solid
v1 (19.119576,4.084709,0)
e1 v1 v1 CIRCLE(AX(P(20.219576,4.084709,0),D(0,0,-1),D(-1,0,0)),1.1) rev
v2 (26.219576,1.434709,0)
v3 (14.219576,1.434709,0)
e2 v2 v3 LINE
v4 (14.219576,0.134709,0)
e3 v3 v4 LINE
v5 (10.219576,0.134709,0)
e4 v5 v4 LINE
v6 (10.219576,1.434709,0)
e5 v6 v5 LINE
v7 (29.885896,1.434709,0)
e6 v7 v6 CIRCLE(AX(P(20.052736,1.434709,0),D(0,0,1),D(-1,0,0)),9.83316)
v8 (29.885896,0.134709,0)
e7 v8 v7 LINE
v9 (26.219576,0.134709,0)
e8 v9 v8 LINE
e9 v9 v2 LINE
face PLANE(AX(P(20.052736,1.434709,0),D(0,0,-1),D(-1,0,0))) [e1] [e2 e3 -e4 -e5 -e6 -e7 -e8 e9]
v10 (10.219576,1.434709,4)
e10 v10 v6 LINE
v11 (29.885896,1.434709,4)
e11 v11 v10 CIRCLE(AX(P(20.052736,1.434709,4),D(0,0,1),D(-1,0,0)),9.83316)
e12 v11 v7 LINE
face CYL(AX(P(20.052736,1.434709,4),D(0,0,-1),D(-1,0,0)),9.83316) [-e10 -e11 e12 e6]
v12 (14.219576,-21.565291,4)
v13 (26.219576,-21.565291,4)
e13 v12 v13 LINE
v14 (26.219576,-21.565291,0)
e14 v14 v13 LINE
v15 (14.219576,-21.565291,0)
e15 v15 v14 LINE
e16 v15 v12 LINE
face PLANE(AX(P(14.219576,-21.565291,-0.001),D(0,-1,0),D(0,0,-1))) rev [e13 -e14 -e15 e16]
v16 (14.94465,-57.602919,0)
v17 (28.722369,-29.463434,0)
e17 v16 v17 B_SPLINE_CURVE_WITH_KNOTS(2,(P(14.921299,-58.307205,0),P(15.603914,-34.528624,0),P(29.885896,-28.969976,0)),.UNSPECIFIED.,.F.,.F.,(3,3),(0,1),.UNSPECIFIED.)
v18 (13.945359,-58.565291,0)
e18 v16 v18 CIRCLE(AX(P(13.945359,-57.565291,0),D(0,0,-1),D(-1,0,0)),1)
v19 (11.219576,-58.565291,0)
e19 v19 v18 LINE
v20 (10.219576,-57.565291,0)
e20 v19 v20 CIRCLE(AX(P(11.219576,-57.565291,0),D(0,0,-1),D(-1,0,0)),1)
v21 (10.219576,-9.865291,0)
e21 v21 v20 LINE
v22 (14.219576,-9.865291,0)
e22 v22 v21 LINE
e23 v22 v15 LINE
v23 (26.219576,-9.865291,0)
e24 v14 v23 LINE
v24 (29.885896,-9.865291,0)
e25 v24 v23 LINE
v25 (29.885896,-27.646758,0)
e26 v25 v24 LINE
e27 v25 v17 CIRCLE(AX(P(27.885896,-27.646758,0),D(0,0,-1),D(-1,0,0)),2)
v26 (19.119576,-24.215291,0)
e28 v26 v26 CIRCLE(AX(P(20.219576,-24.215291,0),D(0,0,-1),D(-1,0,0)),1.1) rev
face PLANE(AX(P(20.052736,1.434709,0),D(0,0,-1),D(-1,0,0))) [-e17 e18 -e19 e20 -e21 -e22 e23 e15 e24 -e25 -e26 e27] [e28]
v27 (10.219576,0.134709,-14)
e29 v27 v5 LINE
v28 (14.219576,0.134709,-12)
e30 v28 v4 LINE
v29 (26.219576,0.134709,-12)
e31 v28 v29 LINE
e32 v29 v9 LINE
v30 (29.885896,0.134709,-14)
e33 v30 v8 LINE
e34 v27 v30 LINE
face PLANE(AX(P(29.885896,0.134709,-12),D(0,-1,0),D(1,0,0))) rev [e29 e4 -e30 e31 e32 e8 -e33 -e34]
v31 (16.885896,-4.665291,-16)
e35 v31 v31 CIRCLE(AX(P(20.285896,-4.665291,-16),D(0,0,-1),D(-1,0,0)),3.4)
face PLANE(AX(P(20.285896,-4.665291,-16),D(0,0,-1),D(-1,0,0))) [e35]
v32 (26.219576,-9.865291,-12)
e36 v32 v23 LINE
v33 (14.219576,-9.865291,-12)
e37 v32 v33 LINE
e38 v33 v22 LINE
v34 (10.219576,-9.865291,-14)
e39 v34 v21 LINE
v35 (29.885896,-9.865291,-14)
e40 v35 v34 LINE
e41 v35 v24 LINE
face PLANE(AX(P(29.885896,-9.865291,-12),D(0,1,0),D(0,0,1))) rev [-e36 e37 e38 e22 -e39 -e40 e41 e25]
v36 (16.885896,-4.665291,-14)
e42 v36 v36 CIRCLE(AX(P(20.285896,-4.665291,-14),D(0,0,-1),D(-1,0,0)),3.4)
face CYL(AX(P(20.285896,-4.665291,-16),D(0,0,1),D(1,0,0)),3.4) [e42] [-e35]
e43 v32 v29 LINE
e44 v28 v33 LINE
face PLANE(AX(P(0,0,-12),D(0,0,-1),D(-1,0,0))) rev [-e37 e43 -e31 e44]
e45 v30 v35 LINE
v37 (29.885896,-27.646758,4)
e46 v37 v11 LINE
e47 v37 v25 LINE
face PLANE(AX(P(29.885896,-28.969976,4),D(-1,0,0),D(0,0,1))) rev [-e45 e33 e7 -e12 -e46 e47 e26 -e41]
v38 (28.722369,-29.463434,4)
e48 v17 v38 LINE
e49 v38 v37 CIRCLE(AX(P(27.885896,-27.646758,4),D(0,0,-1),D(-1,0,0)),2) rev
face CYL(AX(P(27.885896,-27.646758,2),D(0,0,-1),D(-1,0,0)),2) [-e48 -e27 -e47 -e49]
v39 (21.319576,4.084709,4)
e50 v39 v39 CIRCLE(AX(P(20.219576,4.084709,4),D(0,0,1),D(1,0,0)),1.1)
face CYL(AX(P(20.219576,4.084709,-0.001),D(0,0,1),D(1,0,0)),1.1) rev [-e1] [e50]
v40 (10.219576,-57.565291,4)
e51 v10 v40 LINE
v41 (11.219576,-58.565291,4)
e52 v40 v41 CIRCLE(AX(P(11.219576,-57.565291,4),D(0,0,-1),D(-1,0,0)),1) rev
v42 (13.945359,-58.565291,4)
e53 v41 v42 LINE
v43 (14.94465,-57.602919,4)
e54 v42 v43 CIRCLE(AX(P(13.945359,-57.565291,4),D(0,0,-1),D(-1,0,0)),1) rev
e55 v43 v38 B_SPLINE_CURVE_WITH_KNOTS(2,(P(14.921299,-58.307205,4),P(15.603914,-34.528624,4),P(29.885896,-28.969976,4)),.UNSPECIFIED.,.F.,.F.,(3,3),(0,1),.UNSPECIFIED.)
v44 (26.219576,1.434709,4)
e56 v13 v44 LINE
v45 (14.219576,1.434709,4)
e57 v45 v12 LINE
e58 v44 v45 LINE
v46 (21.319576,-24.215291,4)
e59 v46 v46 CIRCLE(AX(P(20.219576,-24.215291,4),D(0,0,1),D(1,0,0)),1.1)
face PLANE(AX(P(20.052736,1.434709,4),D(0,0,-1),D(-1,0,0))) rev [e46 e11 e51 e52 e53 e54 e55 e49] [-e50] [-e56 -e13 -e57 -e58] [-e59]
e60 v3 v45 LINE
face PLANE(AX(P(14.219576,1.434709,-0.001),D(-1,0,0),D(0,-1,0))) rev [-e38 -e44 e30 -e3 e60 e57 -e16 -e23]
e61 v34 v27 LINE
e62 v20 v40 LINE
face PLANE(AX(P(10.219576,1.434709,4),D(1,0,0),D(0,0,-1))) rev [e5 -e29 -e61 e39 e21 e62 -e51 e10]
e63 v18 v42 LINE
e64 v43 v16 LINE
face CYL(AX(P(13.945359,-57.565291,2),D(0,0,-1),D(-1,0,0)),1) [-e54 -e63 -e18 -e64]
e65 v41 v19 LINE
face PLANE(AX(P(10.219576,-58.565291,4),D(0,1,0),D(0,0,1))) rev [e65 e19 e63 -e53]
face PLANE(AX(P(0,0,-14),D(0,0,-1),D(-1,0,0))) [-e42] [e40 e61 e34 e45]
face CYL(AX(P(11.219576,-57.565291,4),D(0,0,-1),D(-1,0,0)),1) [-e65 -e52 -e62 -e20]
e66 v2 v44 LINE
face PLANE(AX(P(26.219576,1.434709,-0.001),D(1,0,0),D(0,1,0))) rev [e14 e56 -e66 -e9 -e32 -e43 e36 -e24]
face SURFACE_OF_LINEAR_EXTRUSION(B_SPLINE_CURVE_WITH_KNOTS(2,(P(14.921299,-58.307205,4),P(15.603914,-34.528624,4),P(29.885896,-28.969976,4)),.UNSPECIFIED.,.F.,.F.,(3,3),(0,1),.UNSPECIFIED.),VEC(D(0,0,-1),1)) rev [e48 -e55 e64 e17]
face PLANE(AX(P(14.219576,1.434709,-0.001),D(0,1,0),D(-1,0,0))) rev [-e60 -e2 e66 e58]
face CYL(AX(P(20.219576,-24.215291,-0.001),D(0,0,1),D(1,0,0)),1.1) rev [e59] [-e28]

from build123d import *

# Parameters (mm, degrees)
BOSS_EXTRUDE1_DEPTH = 4
CUT_EXTRUDE1_REACH  = 67.872
SKETCH2_R           = 1.1
SKETCH2_W           = 12
SKETCH2_H           = 23
FILLET1_R           = 2
FILLET2_R           = 1
FILLET3_R           = 1
SKETCH3_W           = 3.666320095
SKETCH3_H           = 10
SKETCH3_W_2         = 4
BOSS_EXTRUDE2_DEPTH = 12
SKETCH4_W           = 19.666320095
SKETCH4_H           = 10
BOSS_EXTRUDE3_DEPTH = 2
SKETCH5_R           = 3.4
BOSS_EXTRUDE4_DEPTH = 2


with BuildPart() as part:
    # Sketch1 → Boss-Extrude1 (new body)
    with BuildSketch(Plane.XY):
        with BuildLine():
            Line((10.219576084, 1.434709353), (10.219576084, -58.565290647))
            Line((10.219576084, -58.565290647), (14.921299434, -58.565290647))
            Line((14.921299434, -58.565290647), (14.921299434, -58.307205095))
            add(Edge.make_bspline(
                [(29.885896179, -28.969975988), (15.603913992, -34.528623974), (14.921299434, -58.307205095)],
                knots=[0, 0, 0, 1, 1, 1], degree=2))
            Line((29.885896179, -28.969975988), (29.885896179, 1.434709353))
            ThreePointArc((29.885896179, 1.434709353), (20.052736131, 11.2678694), (10.219576084, 1.434709353))
        make_face()
    extrude(amount=BOSS_EXTRUDE1_DEPTH)

    # Sketch2 → Cut-Extrude1 (cut, up to next)
    with BuildSketch(Plane.XY.offset(4), mode=Mode.PRIVATE) as cut_extrude1_sk1:
        with Locations((20.219576084, 4.084709353)):
            Circle(SKETCH2_R)
    cut_extrude1_tool1 = extrude(cut_extrude1_sk1.sketch, amount=-CUT_EXTRUDE1_REACH, mode=Mode.PRIVATE) & part.part
    # Sketch2 → Cut-Extrude1 (cut, up to next)
    with BuildSketch(Plane.XY.offset(4), mode=Mode.PRIVATE) as cut_extrude1_sk2:
        with Locations((20.219576084, -24.215290647)):
            Circle(SKETCH2_R)
    cut_extrude1_tool2 = extrude(cut_extrude1_sk2.sketch, amount=-CUT_EXTRUDE1_REACH, mode=Mode.PRIVATE) & part.part
    # Sketch2 → Cut-Extrude1 (cut, up to next)
    with BuildSketch(Plane.XY.offset(4), mode=Mode.PRIVATE) as cut_extrude1_sk3:
        with Locations((20.219576084, -10.065290647)):
            Rectangle(SKETCH2_W, SKETCH2_H)
    cut_extrude1_tool3 = extrude(cut_extrude1_sk3.sketch, amount=-CUT_EXTRUDE1_REACH, mode=Mode.PRIVATE) & part.part
    add(cut_extrude1_tool1.solids().sort_by_distance((20.219576, 4.084709, 4))[0], mode=Mode.SUBTRACT)
    add(cut_extrude1_tool2.solids().sort_by_distance((20.219576, -24.215291, 4))[0], mode=Mode.SUBTRACT)
    add(cut_extrude1_tool3.solids().sort_by_distance((20.219576, -10.065291, 4))[0], mode=Mode.SUBTRACT)

    # Fillet1
    fillet1_edges = [part.edges().sort_by_distance(p)[0] for p in [
        (29.885896179, -28.969975988, 2),
    ]]
    fillet(fillet1_edges, radius=FILLET1_R)

    # Fillet2
    fillet2_edges = [part.edges().sort_by_distance(p)[0] for p in [
        (14.921299434, -58.565290647, 2),
    ]]
    fillet(fillet2_edges, radius=FILLET2_R)

    # Fillet3
    fillet3_edges = [part.edges().sort_by_distance(p)[0] for p in [
        (10.219576084, -58.565290647, 2),
    ]]
    fillet(fillet3_edges, radius=FILLET3_R)

    # Sketch3 → Boss-Extrude2 (add)
    with BuildSketch(Plane(origin=(0, 0, 0), x_dir=(-1, 0, 0), z_dir=(0, 0, -1))):
        with Locations((-28.052736132, -4.865290647)):
            Rectangle(SKETCH3_W, SKETCH3_H)
        with Locations((-12.219576084, -4.865290647)):
            Rectangle(SKETCH3_W_2, SKETCH3_H)
    extrude(amount=BOSS_EXTRUDE2_DEPTH)

    # Sketch4 → Boss-Extrude3 (add)
    with BuildSketch(Plane(origin=(0, 0, -12), x_dir=(-1, 0, 0), z_dir=(0, 0, -1))):
        with Locations((-20.052736132, -4.865290647)):
            Rectangle(SKETCH4_W, SKETCH4_H)
    extrude(amount=BOSS_EXTRUDE3_DEPTH)

    # Sketch5 → Boss-Extrude4 (add)
    with BuildSketch(Plane(origin=(0, 0, -14), x_dir=(-1, 0, 0), z_dir=(0, 0, -1))):
        with Locations((-20.285896179, -4.665290647)):
            Circle(SKETCH5_R)
    extrude(amount=BOSS_EXTRUDE4_DEPTH)


solid = part.part
